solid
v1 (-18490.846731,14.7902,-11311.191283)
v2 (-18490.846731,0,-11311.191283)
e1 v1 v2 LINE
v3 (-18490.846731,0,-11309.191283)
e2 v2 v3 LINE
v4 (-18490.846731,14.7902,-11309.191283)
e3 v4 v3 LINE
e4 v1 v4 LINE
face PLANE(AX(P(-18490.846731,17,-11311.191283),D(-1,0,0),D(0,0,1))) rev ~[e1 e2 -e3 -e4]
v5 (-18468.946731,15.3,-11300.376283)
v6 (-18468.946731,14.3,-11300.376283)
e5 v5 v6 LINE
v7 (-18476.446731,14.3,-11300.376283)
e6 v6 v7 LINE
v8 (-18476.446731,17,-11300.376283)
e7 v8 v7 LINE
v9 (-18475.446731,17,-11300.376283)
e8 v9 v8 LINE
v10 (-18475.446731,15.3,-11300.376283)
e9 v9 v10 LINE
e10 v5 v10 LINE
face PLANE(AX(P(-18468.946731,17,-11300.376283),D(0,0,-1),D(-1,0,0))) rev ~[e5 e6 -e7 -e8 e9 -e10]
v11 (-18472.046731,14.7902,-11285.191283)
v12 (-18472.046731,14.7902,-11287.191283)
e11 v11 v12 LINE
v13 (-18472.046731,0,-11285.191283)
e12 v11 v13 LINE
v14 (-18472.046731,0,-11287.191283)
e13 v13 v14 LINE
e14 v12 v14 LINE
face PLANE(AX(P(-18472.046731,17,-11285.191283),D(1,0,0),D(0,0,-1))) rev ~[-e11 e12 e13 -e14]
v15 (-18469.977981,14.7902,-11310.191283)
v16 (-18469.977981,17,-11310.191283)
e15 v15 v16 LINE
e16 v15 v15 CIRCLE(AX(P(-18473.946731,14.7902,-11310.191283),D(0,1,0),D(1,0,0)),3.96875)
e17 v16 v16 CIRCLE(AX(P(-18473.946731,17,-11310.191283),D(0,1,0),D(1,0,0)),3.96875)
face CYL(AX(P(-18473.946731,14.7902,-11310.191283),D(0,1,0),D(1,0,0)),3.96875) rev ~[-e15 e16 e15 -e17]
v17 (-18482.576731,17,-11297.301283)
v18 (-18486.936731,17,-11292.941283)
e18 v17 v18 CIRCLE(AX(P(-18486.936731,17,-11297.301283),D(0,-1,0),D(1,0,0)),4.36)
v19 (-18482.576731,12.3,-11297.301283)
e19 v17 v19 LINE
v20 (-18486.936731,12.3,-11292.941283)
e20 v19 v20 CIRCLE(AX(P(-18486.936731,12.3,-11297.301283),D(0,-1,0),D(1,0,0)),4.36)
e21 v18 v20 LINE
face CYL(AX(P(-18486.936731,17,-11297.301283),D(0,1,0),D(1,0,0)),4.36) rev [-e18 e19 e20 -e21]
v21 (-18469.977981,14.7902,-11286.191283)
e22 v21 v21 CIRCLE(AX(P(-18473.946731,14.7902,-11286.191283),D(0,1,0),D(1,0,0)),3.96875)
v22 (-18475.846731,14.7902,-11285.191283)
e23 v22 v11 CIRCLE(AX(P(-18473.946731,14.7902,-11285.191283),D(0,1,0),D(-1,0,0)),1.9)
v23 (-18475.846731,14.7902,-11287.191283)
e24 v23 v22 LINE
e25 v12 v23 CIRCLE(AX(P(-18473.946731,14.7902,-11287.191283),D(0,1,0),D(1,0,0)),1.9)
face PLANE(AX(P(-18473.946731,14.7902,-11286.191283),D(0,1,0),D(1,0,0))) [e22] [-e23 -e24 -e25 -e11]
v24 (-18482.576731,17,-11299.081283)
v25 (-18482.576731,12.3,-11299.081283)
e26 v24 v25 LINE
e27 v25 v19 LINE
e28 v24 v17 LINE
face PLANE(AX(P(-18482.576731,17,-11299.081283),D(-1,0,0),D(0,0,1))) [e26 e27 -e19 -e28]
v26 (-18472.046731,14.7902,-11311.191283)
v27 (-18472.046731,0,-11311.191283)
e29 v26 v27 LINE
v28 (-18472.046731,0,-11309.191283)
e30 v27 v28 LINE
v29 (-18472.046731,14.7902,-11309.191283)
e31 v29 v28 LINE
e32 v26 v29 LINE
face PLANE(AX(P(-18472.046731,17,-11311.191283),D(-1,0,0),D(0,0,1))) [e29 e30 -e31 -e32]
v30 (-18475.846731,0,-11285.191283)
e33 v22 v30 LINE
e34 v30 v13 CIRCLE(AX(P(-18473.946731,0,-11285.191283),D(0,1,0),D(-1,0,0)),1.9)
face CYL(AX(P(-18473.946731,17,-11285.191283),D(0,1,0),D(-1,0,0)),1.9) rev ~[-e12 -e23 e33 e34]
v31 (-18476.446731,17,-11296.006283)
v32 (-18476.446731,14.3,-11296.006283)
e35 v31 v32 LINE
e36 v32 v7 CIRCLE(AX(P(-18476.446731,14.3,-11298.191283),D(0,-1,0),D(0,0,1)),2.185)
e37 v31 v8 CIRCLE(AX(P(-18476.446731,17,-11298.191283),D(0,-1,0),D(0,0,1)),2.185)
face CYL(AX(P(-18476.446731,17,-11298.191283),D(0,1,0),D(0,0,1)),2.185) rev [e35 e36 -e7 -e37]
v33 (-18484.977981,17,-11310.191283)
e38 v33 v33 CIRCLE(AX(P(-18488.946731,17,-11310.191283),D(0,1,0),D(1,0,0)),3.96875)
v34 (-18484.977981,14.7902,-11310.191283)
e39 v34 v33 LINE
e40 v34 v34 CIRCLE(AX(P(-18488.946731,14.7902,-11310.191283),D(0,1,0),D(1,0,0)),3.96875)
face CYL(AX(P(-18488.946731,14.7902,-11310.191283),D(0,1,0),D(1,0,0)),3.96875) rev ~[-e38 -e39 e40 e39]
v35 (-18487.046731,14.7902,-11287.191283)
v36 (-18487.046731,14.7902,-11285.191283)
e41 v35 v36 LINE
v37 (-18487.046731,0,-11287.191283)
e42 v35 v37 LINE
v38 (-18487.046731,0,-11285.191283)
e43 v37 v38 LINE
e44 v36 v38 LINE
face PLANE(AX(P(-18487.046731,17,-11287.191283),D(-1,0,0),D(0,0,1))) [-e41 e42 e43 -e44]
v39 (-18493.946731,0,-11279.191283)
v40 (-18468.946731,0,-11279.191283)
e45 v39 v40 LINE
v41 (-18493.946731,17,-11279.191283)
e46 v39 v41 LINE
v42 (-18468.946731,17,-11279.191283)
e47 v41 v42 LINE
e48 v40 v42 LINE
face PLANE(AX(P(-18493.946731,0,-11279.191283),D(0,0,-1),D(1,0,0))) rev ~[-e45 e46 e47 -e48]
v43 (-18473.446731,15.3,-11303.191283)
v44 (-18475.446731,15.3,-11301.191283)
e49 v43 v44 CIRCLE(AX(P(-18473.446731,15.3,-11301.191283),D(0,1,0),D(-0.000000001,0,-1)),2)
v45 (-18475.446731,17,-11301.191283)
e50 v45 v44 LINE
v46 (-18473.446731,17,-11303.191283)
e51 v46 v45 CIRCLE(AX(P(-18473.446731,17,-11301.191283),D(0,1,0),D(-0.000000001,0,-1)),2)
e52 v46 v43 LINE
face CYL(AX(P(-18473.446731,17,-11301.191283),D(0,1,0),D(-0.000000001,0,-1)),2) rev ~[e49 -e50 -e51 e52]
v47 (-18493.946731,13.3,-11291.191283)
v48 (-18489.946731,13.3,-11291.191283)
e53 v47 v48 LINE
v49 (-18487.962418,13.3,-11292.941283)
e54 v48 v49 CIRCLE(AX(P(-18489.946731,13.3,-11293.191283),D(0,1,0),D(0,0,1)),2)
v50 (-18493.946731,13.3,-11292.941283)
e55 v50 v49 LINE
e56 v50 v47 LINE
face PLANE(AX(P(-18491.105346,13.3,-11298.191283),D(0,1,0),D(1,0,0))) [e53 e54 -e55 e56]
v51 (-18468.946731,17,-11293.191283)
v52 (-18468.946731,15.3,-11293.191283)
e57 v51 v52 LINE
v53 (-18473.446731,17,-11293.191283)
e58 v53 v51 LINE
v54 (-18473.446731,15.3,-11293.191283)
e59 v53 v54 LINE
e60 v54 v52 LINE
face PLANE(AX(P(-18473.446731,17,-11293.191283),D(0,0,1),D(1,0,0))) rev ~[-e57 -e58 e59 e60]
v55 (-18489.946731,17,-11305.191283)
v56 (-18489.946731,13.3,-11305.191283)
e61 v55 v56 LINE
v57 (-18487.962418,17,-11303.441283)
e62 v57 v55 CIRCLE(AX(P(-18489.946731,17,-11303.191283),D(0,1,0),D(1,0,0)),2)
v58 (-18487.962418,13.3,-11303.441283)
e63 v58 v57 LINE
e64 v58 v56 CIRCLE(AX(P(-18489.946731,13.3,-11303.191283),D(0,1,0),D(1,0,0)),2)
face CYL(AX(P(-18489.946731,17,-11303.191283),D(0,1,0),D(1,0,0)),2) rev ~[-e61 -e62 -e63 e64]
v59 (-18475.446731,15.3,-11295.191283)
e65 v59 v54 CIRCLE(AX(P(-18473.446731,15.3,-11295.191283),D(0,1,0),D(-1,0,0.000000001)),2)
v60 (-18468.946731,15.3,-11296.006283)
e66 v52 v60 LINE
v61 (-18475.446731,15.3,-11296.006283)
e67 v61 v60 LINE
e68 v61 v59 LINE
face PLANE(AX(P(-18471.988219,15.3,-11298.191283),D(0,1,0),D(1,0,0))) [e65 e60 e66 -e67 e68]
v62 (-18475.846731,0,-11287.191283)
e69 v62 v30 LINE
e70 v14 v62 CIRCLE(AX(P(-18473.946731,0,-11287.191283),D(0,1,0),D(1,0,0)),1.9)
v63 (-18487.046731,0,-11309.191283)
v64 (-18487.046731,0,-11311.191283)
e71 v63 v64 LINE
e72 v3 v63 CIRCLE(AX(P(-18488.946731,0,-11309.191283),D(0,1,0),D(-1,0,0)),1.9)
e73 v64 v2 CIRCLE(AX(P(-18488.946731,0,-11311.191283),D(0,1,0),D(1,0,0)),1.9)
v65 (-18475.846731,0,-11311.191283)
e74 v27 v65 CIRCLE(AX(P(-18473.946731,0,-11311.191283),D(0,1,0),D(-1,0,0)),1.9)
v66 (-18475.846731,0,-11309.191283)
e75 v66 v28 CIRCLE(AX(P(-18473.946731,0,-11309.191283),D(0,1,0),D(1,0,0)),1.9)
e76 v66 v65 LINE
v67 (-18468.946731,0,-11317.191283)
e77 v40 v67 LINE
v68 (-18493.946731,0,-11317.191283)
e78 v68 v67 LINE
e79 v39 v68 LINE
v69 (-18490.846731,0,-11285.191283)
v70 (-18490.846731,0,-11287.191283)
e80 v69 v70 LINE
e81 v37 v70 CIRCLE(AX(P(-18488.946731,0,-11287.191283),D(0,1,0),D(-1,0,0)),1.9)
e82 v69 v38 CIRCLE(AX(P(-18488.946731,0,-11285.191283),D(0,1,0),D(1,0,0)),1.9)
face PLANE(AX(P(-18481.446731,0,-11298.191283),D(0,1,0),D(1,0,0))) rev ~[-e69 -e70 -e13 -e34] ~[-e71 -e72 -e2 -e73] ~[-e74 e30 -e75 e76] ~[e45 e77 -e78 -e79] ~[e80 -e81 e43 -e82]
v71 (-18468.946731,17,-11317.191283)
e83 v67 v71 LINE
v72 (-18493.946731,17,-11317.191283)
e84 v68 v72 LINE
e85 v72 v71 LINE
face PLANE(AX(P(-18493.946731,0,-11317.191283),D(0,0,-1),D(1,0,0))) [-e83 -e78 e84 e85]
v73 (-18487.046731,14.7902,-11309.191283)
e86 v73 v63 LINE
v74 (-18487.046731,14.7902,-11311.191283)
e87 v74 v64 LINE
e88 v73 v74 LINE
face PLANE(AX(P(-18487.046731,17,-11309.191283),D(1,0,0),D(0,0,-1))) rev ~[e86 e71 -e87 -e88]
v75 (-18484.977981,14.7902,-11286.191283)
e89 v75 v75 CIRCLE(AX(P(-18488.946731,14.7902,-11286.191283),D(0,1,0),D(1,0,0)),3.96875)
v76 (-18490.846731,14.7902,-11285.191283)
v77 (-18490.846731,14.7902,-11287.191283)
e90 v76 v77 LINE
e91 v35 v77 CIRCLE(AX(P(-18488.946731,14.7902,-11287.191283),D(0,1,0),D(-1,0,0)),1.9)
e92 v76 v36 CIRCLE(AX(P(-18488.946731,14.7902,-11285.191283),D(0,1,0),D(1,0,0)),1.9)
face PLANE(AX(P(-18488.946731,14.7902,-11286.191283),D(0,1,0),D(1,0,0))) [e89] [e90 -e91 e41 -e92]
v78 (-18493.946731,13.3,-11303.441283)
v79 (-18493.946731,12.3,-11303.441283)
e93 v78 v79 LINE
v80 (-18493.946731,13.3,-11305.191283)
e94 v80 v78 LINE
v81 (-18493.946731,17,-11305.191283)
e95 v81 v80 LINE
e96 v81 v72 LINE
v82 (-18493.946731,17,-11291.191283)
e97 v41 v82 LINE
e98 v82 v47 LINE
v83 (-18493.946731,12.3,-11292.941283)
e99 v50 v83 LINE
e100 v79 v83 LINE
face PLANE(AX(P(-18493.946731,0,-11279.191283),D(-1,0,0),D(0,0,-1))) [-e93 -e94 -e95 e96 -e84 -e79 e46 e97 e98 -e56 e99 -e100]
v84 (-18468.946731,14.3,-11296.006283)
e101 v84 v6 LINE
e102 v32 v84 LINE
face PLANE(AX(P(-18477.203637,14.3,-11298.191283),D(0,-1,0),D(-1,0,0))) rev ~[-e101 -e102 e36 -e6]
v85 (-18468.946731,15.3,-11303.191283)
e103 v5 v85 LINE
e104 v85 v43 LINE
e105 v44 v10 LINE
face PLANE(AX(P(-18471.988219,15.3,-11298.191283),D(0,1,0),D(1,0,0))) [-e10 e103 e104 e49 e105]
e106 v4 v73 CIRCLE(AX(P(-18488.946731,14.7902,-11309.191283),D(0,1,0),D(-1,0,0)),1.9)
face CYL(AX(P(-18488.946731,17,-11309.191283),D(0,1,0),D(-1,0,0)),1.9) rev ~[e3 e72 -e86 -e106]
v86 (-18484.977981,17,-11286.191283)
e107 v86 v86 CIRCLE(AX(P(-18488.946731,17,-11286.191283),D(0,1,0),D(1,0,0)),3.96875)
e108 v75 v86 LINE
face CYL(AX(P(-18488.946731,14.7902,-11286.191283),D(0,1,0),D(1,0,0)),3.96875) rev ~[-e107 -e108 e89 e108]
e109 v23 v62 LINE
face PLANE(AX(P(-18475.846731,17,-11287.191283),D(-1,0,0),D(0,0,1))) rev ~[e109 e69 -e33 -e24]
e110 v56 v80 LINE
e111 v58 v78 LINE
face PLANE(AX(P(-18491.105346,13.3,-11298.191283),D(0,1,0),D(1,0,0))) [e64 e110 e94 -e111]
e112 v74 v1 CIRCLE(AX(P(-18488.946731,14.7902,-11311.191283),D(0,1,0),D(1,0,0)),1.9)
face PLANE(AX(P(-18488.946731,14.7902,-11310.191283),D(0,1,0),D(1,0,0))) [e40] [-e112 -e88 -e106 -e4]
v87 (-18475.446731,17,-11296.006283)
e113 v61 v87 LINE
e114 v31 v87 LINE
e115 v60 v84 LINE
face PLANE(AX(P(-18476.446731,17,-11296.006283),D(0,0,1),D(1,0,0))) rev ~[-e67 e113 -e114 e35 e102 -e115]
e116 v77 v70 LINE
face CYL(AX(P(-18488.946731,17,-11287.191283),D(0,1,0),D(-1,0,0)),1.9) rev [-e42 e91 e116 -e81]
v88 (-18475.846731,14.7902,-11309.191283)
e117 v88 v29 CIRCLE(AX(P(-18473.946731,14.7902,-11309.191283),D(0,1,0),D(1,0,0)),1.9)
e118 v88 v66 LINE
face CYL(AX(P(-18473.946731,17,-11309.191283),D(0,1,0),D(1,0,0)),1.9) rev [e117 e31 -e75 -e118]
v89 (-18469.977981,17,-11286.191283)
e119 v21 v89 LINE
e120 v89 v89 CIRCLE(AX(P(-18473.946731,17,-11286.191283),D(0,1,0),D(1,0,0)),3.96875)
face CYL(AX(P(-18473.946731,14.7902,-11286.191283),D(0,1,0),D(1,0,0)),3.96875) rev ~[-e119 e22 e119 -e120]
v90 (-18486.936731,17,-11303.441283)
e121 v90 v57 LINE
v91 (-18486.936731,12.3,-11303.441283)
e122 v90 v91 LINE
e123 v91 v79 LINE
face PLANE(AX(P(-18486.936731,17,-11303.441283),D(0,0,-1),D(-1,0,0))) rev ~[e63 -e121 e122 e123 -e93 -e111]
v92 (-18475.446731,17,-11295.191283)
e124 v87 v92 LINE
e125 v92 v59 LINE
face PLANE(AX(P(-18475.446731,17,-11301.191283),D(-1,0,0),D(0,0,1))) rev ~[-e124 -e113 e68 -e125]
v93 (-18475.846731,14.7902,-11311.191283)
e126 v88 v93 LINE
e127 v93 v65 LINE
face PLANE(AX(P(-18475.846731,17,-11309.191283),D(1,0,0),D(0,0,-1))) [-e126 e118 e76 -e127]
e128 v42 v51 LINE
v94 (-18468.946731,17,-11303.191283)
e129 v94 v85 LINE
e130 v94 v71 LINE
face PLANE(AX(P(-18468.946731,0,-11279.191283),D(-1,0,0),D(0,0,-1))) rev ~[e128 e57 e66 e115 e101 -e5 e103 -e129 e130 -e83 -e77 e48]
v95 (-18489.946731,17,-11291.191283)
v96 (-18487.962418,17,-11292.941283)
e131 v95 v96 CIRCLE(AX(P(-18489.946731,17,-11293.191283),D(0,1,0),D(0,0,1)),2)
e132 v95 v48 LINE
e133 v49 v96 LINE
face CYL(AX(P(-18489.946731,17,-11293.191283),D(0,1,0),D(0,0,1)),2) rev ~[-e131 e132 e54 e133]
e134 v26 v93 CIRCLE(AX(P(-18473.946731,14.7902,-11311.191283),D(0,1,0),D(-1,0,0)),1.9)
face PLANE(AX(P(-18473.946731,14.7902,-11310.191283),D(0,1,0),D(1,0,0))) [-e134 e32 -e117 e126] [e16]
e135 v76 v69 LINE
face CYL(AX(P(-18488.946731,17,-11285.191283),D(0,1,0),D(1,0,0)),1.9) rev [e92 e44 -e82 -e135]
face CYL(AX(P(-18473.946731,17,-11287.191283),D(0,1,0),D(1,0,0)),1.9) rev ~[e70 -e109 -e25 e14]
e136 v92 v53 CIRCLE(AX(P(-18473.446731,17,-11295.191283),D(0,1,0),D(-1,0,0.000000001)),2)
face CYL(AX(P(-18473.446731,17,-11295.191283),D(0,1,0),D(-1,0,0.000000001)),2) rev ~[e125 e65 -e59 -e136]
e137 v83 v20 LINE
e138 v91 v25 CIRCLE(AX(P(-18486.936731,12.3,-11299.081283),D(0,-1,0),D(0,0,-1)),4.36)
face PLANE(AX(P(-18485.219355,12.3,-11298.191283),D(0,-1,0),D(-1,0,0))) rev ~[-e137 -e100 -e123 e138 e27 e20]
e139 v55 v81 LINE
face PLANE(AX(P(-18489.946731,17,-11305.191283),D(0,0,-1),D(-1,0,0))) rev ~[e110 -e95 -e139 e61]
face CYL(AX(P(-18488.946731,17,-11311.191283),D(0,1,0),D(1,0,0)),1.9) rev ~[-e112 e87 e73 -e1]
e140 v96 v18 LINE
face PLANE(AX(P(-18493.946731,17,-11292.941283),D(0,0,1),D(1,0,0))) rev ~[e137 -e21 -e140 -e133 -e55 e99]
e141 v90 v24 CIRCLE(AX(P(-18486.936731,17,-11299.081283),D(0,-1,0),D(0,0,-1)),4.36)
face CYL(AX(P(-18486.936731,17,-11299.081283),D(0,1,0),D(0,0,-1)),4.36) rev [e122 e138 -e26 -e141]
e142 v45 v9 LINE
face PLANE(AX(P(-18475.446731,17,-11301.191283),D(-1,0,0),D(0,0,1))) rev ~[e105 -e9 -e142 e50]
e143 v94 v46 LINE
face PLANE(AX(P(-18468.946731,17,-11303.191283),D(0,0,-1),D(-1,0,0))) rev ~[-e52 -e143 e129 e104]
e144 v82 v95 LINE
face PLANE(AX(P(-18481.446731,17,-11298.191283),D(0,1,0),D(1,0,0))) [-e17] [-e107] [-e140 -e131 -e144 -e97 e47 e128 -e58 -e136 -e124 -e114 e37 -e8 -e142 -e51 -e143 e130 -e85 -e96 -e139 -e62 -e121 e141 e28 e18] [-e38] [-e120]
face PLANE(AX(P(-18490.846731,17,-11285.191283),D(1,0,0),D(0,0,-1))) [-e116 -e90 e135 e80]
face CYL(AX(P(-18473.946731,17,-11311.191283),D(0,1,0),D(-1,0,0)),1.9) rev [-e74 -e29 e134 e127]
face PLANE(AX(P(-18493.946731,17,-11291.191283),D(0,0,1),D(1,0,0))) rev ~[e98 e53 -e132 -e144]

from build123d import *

# Parameters (mm, degrees)
SKETCH1_W                                           = 25
SKETCH1_H                                           = 38
BOSS_EXTRUDE1_DEPTH                                 = 17
CUT_EXTRUDE3_DEPTH                                  = 3.7
CUT_EXTRUDE4_DEPTH                                  = 1.7
CBORE_FOR_6_BINDING_HEAD_MACHINE_SCREW1_D           = 3.7973
CBORE_FOR_6_BINDING_HEAD_MACHINE_SCREW1_CBORE_D     = 7.9375
CBORE_FOR_6_BINDING_HEAD_MACHINE_SCREW1_CBORE_DEPTH = 2.2098
SKETCH12_W                                          = 1
SKETCH12_H                                          = 4.37
SKETCH12_W_2                                        = 6.5
CUT_EXTRUDE5_DEPTH                                  = 2.7
CUT_EXTRUDE6_DEPTH                                  = 4.7
CUT_EXTRUDE7_DEPTH                                  = 21682.908892909


with BuildPart() as part:
    # Sketch1 → Boss-Extrude1 (new body)
    with BuildSketch(Plane(origin=(0, 0, 0), x_dir=(1, 0, 0), z_dir=(0, 1, 0))):
        with Locations((-18481.446731235, 11298.191283293)):
            Rectangle(SKETCH1_W, SKETCH1_H)
    extrude(amount=BOSS_EXTRUDE1_DEPTH)

    # Sketch2 → Cut-Extrude3 (cut)
    with BuildSketch(Plane(origin=(0, 17, 0), x_dir=(1, 0, 0), z_dir=(0, 1, 0))):
        with BuildLine():
            Line((-18493.946731235, 11291.191283293), (-18489.946731235, 11291.191283293))
            ThreePointArc((-18489.946731235, 11291.191283293), (-18488.532517672, 11291.777069731), (-18487.946731235, 11293.191283293))
            Line((-18487.946731235, 11293.191283293), (-18487.946731235, 11303.191283293))
            ThreePointArc((-18487.946731235, 11303.191283293), (-18488.532517672, 11304.605496855), (-18489.946731235, 11305.191283293))
            Line((-18489.946731235, 11305.191283293), (-18493.946731235, 11305.191283293))
            Line((-18493.946731235, 11305.191283293), (-18493.946731235, 11291.191283293))
        make_face()
    extrude(amount=-CUT_EXTRUDE3_DEPTH, mode=Mode.SUBTRACT)

    # Sketch2<6> → Cut-Extrude4 (cut)
    with BuildSketch(Plane(origin=(0, 17, 0), x_dir=(1, 0, 0), z_dir=(0, 1, 0))):
        with BuildLine():
            Line((-18475.446731235, 11301.191283293), (-18475.446731235, 11295.191283293))
            ThreePointArc((-18475.446731235, 11295.191283293), (-18474.860944797, 11293.777069731), (-18473.446731235, 11293.191283293))
            Line((-18473.446731235, 11293.191283293), (-18468.946731235, 11293.191283293))
            Line((-18468.946731235, 11293.191283293), (-18468.946731235, 11303.191283293))
            Line((-18468.946731235, 11303.191283293), (-18473.446731235, 11303.191283293))
            ThreePointArc((-18473.446731235, 11303.191283293), (-18474.860944797, 11302.605496855), (-18475.446731235, 11301.191283293))
        make_face()
    extrude(amount=-CUT_EXTRUDE4_DEPTH, mode=Mode.SUBTRACT)

    # CBORE for #6 Binding Head Machine Screw1 (through all)
    with Locations(Plane(origin=(0, 17, 0), x_dir=(1, 0, 0), z_dir=(0, 1, 0))):
        with Locations((-18488.946731235, 11310.191283293), (-18473.946731235, 11310.191283293), (-18473.946731235, 11286.191283293), (-18488.946731235, 11286.191283293)):
            CounterBoreHole(CBORE_FOR_6_BINDING_HEAD_MACHINE_SCREW1_D / 2, CBORE_FOR_6_BINDING_HEAD_MACHINE_SCREW1_CBORE_D / 2, CBORE_FOR_6_BINDING_HEAD_MACHINE_SCREW1_CBORE_DEPTH)

    # Sketch12 → Cut-Extrude5 (cut)
    with BuildSketch(Plane(origin=(0, 17, 0), x_dir=(1, 0, 0), z_dir=(0, 1, 0))):
        with BuildLine():
            Line((-18476.446731235, 11300.376283293), (-18476.446731235, 11296.006283293))
            ThreePointArc((-18476.446731235, 11296.006283293), (-18478.631731235, 11298.191283293), (-18476.446731235, 11300.376283293))
        make_face()
        with Locations((-18475.946731235, 11298.191283293)):
            Rectangle(SKETCH12_W, SKETCH12_H)
        with Locations((-18472.196731235, 11298.191283293)):
            Rectangle(SKETCH12_W_2, SKETCH12_H)
    extrude(amount=-CUT_EXTRUDE5_DEPTH, mode=Mode.SUBTRACT)

    # Sketch13 → Cut-Extrude6 (cut)
    with BuildSketch(Plane(origin=(0, 17, 0), x_dir=(1, 0, 0), z_dir=(0, 1, 0))):
        with BuildLine():
            ThreePointArc((-18486.936731235, 11303.441283293), (-18483.853745669, 11302.164268859), (-18482.576731235, 11299.081283293))
            Line((-18482.576731235, 11299.081283293), (-18482.576731235, 11297.301283293))
            ThreePointArc((-18482.576731235, 11297.301283293), (-18483.853745669, 11294.218297727), (-18486.936731235, 11292.941283293))
            Line((-18486.936731235, 11292.941283293), (-18486.946731235, 11292.941283293))
            Line((-18486.946731235, 11292.941283293), (-18486.946731235, 11303.441283293))
            Line((-18486.946731235, 11303.441283293), (-18486.936731235, 11303.441283293))
        make_face()
        with BuildLine():
            ThreePointArc((-18487.946731235, 11303.191283293), (-18487.950656716, 11303.316529118), (-18487.962417752, 11303.441283293))
            Line((-18487.962417752, 11303.441283293), (-18493.946731235, 11303.441283293))
            Line((-18493.946731235, 11303.441283293), (-18493.946731235, 11292.941283293))
            Line((-18493.946731235, 11292.941283293), (-18487.962417752, 11292.941283293))
            ThreePointArc((-18487.962417752, 11292.941283293), (-18487.950656716, 11293.066037468), (-18487.946731235, 11293.191283293))
            Line((-18487.946731235, 11293.191283293), (-18487.946731235, 11303.191283293))
        make_face()
        with BuildLine():
            Line((-18486.946731235, 11292.941283293), (-18486.946731235, 11303.441283293))
            Line((-18486.946731235, 11303.441283293), (-18487.962417752, 11303.441283293))
            ThreePointArc((-18487.962417752, 11303.441283293), (-18487.950656716, 11303.316529118), (-18487.946731235, 11303.191283293))
            Line((-18487.946731235, 11303.191283293), (-18487.946731235, 11293.191283293))
            ThreePointArc((-18487.946731235, 11293.191283293), (-18487.950656716, 11293.066037468), (-18487.962417752, 11292.941283293))
            Line((-18487.962417752, 11292.941283293), (-18486.946731235, 11292.941283293))
        make_face()
    extrude(amount=-CUT_EXTRUDE6_DEPTH, mode=Mode.SUBTRACT)

    # Sketch14 → Cut-Extrude7 (cut, through all)
    with BuildSketch(Plane(origin=(0, 17, 0), x_dir=(1, 0, 0), z_dir=(0, 1, 0))):
        with BuildLine():
            Line((-18487.046731235, 11309.191283293), (-18487.046731235, 11311.191283293))
            ThreePointArc((-18487.046731235, 11311.191283293), (-18488.946731235, 11313.091283293), (-18490.846731235, 11311.191283293))
            Line((-18490.846731235, 11311.191283293), (-18490.846731235, 11309.191283293))
            ThreePointArc((-18490.846731235, 11309.191283293), (-18488.946731235, 11307.291283293), (-18487.046731235, 11309.191283293))
        make_face()
        with BuildLine():
            ThreePointArc((-18475.846731235, 11311.191283293), (-18473.946731235, 11313.091283293), (-18472.046731235, 11311.191283293))
            Line((-18472.046731235, 11311.191283293), (-18472.046731235, 11309.191283293))
            ThreePointArc((-18472.046731235, 11309.191283293), (-18473.946731235, 11307.291283293), (-18475.846731235, 11309.191283293))
            Line((-18475.846731235, 11309.191283293), (-18475.846731235, 11311.191283293))
        make_face()
        with BuildLine():
            ThreePointArc((-18487.046731235, 11285.191283293), (-18488.946731235, 11283.291283293), (-18490.846731235, 11285.191283293))
            Line((-18490.846731235, 11285.191283293), (-18490.846731235, 11287.191283293))
            ThreePointArc((-18490.846731235, 11287.191283293), (-18488.946731235, 11289.091283293), (-18487.046731235, 11287.191283293))
            Line((-18487.046731235, 11287.191283293), (-18487.046731235, 11285.191283293))
        make_face()
        with BuildLine():
            Line((-18475.846731235, 11287.191283293), (-18475.846731235, 11285.191283293))
            ThreePointArc((-18475.846731235, 11285.191283293), (-18473.946731235, 11283.291283293), (-18472.046731235, 11285.191283293))
            Line((-18472.046731235, 11285.191283293), (-18472.046731235, 11287.191283293))
            ThreePointArc((-18472.046731235, 11287.191283293), (-18473.946731235, 11289.091283293), (-18475.846731235, 11287.191283293))
        make_face()
    extrude(amount=-CUT_EXTRUDE7_DEPTH, mode=Mode.SUBTRACT)


solid = part.part
